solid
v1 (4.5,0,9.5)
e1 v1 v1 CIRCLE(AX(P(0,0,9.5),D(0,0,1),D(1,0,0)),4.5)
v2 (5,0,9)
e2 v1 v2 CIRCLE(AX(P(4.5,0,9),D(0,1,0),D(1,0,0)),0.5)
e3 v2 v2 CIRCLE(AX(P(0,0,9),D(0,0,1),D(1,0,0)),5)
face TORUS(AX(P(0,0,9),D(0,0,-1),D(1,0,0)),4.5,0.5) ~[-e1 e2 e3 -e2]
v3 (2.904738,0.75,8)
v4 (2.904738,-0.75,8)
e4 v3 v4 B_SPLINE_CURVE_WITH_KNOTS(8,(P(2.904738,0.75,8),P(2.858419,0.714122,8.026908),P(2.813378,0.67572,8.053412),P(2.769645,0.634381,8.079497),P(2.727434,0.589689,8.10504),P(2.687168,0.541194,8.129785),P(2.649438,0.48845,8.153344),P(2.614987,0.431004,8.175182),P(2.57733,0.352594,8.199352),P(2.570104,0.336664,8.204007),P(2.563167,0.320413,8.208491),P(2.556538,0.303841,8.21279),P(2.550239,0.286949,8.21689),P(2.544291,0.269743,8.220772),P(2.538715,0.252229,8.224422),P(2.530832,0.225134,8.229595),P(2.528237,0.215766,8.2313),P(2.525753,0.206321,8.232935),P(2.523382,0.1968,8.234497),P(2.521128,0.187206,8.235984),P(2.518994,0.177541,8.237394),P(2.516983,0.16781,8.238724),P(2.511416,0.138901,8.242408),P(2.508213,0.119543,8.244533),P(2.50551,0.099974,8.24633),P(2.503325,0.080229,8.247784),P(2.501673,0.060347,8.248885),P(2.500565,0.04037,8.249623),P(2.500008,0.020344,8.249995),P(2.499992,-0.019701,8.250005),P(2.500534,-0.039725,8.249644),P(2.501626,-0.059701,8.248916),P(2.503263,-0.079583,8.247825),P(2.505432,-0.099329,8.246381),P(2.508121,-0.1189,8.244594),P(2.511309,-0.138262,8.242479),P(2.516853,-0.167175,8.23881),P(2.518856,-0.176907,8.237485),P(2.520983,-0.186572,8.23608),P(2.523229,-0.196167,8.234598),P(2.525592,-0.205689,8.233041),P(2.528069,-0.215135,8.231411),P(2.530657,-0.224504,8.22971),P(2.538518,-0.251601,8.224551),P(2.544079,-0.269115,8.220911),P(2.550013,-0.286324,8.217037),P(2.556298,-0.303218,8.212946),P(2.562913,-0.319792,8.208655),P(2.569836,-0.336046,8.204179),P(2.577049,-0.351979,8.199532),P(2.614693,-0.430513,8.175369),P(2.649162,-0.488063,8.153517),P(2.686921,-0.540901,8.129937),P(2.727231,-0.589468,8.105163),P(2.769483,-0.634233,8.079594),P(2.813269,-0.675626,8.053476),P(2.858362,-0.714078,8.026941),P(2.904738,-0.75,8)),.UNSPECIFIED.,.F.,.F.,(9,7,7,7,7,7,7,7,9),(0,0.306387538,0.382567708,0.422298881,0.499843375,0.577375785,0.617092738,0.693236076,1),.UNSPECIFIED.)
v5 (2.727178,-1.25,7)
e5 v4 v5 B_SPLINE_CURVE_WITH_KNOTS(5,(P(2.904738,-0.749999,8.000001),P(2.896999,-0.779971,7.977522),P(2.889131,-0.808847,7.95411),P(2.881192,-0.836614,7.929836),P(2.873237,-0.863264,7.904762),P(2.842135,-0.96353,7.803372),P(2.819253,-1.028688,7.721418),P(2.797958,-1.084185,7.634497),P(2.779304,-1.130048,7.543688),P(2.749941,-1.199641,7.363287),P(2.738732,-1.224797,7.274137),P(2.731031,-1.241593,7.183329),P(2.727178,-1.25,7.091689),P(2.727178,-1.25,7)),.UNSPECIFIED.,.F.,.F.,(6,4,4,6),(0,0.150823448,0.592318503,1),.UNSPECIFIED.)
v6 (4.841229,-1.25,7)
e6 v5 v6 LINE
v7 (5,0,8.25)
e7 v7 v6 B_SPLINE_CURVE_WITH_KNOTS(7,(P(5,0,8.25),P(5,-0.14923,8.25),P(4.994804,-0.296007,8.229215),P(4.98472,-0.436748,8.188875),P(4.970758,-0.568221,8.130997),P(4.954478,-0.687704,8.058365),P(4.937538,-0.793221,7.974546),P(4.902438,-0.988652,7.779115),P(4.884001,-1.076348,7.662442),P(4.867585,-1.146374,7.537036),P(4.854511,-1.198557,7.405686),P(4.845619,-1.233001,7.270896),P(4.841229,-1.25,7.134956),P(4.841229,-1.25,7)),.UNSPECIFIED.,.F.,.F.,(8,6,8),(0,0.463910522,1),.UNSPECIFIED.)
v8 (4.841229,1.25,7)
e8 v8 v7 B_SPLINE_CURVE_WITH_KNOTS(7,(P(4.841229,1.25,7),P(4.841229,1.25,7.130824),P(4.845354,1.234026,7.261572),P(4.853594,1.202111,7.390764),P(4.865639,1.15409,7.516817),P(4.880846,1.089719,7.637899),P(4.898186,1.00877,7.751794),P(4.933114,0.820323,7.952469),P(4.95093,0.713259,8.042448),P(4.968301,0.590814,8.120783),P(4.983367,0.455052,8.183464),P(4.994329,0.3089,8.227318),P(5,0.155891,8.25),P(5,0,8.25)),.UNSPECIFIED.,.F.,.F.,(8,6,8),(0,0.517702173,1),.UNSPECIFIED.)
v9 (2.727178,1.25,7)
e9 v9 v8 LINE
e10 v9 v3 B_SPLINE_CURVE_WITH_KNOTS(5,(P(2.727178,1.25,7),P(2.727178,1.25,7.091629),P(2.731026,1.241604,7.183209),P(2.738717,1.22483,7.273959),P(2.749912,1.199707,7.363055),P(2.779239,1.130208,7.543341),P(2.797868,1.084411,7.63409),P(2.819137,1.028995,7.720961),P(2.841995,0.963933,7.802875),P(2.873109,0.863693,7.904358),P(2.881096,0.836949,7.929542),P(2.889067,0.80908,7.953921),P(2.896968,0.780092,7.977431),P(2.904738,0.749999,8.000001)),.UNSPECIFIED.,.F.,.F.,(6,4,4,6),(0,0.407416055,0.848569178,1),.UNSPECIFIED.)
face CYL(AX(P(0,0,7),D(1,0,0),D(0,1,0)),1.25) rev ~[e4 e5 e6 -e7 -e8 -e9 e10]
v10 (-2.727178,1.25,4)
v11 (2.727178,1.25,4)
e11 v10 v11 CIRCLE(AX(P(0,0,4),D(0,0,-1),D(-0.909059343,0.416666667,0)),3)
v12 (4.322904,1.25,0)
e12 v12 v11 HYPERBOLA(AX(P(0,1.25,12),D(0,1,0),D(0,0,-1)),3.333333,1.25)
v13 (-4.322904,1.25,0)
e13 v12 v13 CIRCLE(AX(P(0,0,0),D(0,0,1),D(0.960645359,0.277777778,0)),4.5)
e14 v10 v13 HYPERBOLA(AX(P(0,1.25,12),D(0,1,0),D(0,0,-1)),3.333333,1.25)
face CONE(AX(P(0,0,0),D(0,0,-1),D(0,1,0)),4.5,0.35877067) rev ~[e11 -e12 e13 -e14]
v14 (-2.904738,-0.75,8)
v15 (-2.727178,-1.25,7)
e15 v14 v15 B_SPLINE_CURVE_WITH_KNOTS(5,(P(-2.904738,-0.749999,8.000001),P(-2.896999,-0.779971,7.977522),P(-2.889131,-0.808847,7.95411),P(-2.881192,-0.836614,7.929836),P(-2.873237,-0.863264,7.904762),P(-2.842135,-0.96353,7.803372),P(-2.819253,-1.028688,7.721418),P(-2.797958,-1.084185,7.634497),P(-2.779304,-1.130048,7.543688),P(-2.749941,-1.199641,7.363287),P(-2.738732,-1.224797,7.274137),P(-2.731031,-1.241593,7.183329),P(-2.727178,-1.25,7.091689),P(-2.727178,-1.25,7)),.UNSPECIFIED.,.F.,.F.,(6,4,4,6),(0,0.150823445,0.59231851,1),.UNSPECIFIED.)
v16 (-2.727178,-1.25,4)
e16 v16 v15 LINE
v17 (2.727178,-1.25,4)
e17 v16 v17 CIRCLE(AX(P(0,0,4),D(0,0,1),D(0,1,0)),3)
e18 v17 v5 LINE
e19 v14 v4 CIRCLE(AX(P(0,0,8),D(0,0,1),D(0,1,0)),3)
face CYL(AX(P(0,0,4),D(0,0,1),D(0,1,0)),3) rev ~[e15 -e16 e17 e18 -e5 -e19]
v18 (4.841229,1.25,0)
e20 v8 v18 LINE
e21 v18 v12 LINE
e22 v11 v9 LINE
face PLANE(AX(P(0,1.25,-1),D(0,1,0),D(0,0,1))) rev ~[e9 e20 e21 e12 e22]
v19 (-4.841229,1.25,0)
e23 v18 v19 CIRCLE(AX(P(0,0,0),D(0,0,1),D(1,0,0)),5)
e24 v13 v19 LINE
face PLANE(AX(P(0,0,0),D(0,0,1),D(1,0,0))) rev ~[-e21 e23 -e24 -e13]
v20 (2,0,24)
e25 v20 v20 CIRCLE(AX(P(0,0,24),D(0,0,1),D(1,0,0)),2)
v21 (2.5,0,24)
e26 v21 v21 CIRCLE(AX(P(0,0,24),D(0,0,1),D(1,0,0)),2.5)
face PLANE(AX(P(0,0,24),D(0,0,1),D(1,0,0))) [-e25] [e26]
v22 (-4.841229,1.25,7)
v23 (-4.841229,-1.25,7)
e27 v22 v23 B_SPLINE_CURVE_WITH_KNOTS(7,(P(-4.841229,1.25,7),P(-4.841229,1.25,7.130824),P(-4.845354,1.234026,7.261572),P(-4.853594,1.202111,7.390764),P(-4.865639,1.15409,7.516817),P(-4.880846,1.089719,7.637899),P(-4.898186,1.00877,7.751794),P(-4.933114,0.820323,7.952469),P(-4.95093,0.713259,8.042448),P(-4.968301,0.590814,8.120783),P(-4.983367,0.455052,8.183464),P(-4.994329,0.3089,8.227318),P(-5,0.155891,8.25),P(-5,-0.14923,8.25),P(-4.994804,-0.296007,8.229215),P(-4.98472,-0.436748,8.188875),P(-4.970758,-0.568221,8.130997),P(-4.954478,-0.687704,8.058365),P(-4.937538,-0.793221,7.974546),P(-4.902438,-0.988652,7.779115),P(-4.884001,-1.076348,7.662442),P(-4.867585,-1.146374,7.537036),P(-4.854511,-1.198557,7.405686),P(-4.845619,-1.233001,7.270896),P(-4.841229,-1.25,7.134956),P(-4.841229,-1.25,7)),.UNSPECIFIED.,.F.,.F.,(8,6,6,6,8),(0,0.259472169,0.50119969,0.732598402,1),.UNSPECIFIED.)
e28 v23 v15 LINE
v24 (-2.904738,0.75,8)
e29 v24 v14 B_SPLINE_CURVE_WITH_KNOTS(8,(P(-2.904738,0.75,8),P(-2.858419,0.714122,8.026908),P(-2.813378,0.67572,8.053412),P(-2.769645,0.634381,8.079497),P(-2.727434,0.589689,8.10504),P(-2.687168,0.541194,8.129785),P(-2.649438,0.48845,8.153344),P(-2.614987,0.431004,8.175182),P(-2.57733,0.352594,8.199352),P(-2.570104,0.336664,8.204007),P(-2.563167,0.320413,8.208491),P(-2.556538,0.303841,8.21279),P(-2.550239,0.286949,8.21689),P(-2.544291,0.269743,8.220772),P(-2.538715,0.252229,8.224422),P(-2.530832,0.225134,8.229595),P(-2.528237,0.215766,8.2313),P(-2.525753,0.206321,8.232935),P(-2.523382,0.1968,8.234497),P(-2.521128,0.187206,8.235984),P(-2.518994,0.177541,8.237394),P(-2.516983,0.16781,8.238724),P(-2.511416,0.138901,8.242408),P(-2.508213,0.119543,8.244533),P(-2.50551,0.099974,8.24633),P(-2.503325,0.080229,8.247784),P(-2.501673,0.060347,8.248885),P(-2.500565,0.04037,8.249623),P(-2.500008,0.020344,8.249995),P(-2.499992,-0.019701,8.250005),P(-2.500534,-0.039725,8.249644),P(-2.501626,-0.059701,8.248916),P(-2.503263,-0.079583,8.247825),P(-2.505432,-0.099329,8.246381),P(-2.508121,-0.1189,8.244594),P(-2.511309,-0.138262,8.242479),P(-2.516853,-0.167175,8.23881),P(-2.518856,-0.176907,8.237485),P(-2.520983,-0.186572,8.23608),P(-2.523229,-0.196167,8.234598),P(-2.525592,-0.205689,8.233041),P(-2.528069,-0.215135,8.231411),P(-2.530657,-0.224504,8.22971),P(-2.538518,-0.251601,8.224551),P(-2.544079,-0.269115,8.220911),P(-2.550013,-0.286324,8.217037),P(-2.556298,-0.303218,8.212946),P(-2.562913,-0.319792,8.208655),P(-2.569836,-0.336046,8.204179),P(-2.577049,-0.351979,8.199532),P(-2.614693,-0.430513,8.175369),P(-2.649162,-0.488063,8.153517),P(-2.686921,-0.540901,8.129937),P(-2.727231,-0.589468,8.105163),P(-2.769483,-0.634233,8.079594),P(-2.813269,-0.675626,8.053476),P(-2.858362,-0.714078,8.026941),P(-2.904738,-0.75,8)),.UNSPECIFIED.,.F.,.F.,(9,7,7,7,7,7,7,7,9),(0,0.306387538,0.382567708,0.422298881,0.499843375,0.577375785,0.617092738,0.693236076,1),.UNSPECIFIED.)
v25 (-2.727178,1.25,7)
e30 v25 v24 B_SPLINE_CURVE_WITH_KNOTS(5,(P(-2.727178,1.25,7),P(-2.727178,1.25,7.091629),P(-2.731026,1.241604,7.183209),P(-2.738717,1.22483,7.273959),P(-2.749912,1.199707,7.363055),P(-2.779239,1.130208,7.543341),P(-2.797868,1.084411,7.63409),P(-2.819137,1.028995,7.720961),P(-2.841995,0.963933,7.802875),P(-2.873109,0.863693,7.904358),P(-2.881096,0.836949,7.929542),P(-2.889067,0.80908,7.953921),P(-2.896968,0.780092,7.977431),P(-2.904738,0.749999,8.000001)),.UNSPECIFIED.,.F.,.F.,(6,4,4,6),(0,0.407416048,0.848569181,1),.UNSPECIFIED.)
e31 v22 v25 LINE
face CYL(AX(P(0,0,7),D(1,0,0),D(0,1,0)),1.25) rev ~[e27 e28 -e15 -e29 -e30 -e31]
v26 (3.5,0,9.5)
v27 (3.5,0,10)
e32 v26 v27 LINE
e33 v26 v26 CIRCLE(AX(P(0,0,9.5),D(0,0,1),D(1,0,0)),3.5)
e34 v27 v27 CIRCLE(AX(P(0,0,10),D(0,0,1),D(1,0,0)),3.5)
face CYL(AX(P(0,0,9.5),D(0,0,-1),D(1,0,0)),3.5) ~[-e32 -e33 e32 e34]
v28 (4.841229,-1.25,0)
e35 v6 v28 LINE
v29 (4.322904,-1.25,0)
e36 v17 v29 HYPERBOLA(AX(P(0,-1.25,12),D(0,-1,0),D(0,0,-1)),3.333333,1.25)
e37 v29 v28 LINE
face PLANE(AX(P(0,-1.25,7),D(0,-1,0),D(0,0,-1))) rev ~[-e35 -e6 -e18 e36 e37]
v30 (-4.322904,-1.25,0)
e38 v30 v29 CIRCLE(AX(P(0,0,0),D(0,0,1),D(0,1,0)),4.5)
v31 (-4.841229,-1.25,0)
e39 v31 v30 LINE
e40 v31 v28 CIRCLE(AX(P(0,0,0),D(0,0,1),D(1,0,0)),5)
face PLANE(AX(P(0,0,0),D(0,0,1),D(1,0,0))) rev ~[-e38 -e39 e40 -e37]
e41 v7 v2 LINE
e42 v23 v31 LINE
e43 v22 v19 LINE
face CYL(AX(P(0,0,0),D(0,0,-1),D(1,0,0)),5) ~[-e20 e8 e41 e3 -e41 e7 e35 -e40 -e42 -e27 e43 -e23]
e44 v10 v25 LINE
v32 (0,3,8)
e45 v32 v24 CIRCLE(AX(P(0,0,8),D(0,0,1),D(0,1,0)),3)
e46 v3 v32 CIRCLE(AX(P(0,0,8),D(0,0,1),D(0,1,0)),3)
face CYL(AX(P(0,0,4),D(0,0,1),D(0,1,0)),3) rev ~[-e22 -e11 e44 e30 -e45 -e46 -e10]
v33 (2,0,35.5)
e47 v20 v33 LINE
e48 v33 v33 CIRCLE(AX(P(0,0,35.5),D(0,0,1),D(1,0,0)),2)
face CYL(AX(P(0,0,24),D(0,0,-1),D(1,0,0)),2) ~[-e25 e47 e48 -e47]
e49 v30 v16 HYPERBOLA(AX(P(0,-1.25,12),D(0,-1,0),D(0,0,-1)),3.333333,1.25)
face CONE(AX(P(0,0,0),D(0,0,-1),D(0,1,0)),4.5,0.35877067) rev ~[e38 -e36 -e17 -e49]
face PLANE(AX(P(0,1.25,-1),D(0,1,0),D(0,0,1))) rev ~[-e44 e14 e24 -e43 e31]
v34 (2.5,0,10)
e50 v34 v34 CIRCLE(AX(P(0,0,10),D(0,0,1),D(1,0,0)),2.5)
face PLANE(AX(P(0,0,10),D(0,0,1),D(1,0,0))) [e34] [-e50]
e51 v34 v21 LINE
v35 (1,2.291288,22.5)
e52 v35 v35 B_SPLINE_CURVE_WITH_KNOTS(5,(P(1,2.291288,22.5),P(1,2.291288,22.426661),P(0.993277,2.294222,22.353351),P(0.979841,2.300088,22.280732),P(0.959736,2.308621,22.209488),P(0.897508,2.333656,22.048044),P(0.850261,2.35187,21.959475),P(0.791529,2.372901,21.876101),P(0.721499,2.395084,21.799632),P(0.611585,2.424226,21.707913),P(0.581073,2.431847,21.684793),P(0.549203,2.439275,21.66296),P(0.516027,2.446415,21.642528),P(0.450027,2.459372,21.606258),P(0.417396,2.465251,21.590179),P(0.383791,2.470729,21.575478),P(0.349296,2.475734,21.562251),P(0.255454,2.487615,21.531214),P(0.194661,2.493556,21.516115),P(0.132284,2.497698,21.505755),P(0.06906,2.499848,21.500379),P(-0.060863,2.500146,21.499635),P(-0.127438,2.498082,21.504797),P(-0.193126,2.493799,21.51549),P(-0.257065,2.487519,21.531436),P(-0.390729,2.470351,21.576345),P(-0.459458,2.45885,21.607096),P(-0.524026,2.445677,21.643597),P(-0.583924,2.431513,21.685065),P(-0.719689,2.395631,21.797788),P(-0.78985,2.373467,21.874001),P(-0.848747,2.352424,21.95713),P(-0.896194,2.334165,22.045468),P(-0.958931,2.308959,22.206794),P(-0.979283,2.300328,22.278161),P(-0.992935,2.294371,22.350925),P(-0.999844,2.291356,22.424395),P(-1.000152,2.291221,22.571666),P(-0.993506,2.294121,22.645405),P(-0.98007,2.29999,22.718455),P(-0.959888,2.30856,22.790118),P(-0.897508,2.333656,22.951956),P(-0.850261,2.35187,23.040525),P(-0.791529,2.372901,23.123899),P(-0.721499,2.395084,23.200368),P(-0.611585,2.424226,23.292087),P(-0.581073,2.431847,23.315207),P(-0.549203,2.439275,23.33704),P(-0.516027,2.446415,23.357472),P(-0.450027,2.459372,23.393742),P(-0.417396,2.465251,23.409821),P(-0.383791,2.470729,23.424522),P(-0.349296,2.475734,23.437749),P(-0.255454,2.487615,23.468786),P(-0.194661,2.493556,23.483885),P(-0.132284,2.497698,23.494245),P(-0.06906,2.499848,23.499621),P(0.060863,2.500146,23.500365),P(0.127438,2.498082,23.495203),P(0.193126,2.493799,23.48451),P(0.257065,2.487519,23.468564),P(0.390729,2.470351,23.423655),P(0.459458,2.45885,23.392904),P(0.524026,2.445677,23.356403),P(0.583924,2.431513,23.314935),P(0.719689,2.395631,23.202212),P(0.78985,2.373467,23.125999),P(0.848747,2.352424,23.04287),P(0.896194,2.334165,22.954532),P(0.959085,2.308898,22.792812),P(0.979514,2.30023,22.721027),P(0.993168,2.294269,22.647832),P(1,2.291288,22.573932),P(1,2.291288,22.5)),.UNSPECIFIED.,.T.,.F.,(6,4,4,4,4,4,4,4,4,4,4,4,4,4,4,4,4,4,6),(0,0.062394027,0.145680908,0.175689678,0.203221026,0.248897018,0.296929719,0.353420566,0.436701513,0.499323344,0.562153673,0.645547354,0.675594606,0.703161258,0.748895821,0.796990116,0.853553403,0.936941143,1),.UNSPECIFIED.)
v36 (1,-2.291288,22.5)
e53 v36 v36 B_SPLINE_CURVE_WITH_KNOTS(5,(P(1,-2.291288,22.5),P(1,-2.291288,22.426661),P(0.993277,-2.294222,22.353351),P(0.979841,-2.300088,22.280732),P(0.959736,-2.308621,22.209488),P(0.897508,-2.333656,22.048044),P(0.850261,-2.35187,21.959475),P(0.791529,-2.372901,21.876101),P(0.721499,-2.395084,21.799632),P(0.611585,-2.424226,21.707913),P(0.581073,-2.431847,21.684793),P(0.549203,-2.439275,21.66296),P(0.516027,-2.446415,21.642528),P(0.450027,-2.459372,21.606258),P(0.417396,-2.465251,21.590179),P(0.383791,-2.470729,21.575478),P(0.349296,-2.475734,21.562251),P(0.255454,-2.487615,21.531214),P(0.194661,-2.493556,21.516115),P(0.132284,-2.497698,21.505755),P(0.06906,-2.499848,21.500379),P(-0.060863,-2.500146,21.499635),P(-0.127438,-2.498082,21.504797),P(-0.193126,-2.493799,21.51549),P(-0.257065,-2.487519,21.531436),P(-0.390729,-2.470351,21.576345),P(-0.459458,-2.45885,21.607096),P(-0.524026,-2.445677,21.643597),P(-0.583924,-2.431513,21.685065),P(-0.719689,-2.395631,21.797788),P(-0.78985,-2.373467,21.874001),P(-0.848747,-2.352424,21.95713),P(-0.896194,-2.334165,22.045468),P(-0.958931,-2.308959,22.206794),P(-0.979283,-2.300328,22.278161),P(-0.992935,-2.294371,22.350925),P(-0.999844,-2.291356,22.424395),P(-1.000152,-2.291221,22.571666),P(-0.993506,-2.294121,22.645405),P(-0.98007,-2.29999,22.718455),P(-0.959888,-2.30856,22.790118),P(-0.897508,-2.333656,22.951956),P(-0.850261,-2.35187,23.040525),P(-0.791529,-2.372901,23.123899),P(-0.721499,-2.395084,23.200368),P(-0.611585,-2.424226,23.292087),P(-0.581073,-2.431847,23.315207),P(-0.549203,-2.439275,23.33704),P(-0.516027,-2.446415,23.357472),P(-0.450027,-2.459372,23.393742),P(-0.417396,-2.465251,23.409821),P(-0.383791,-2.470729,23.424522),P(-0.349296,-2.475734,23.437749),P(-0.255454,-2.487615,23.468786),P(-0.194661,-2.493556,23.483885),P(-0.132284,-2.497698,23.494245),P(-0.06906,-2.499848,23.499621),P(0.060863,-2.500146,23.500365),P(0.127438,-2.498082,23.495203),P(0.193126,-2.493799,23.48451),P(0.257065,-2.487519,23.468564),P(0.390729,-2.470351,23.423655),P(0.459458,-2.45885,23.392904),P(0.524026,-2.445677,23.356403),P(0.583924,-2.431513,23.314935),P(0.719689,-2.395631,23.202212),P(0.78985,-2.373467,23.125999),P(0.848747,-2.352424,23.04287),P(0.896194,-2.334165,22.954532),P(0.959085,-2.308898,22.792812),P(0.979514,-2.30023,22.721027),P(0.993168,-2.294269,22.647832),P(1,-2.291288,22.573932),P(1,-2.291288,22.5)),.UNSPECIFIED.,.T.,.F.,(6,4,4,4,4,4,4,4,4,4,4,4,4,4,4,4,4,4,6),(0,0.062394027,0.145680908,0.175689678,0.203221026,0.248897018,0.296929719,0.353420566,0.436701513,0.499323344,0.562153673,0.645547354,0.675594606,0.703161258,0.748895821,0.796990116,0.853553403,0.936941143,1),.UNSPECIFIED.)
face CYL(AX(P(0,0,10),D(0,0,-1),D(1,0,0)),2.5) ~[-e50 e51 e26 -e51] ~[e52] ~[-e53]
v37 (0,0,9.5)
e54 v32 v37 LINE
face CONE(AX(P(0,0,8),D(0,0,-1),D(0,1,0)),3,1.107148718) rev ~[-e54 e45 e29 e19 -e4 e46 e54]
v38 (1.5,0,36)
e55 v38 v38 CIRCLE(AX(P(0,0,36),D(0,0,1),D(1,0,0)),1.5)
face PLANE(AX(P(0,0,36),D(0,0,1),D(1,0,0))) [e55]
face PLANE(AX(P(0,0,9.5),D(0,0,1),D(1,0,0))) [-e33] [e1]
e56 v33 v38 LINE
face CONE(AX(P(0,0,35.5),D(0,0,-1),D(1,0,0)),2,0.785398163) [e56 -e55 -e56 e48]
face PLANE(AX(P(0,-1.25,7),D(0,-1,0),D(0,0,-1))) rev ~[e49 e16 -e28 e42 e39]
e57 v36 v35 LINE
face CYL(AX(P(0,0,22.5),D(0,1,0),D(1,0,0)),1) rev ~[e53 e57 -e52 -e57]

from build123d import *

# Parameters (mm, degrees)
ESQUISSE1_R             = 5
BASE_EXTRUSION_DEPTH    = 9.5
ESQUISSE2_R             = 3.5
BOSS_EXTRU_1_DEPTH      = 0.5
ESQUISSE3_R             = 2.5
BOSS_EXTRU_2_DEPTH      = 14
ESQUISSE4_R             = 2
BOSS_EXTRU_3_DEPTH      = 12
CHANFREIN1_SIZE         = 0.5
CONG_1_R                = 0.5
ENL_V_MAT_EXTRU_1_DEPTH = 16
ESQUISSE9_R             = 1
ENL_V_MAT_EXTRU_2_DEPTH = 10


with BuildPart() as part:
    # Esquisse1 → Base-Extrusion (new body)
    with BuildSketch(Plane.XY):
        Circle(ESQUISSE1_R)
    extrude(amount=BASE_EXTRUSION_DEPTH)

    # Esquisse2 → Boss.-Extru.1 (add)
    with BuildSketch(Plane.XY.offset(9.5)):
        Circle(ESQUISSE2_R)
    extrude(amount=BOSS_EXTRU_1_DEPTH)

    # Esquisse3 → Boss.-Extru.2 (add)
    with BuildSketch(Plane.XY.offset(10)):
        Circle(ESQUISSE3_R)
    extrude(amount=BOSS_EXTRU_2_DEPTH)

    # Esquisse4 → Boss.-Extru.3 (add)
    with BuildSketch(Plane.XY.offset(24)):
        Circle(ESQUISSE4_R)
    extrude(amount=BOSS_EXTRU_3_DEPTH)

    # Chanfrein1
    chanfrein1_edges = [part.edges().sort_by_distance(p)[0] for p in [
        (-2, 0, 36),
    ]]
    chamfer(chanfrein1_edges, length=CHANFREIN1_SIZE)

    # Congé1
    cong_1_edges = [part.edges().sort_by_distance(p)[0] for p in [
        (-5, 0, 9.5),
    ]]
    fillet(cong_1_edges, radius=CONG_1_R)

    # Esquisse7 → Enlèv. mat.-Extru.1 (cut, symmetric)
    with BuildSketch(Plane(origin=(0, 0, 0), x_dir=(0, 0, -1), z_dir=(1, 0, 0))):
        with BuildLine():
            Line((1, 1.25), (-7, 1.25))
            ThreePointArc((-7, 1.25), (-8.25, 0), (-7, -1.25))
            Line((-7, -1.25), (1, -1.25))
            Line((1, -1.25), (1, 1.25))
        make_face()
    extrude(amount=ENL_V_MAT_EXTRU_1_DEPTH, both=True, mode=Mode.SUBTRACT)

    # Esquisse8 → Enlèvement de matière-Révolution1 (revolve, cut)
    with BuildSketch(Plane(origin=(0, 0, 0), x_dir=(0, 0, -1), z_dir=(1, 0, 0))):
        Polygon((0, 4.5), (-4, 3), (-8, 3), (-9.5, 0), (0, 0), align=None)
    revolve(axis=Axis((0, 0, 0), (0, 0, 1)), mode=Mode.SUBTRACT)

    # Esquisse9 → Enlèv. mat.-Extru.2 (cut, symmetric)
    with BuildSketch(Plane(origin=(0, 0, 0), x_dir=(1, 0, 0), z_dir=(0, 1, 0))):
        with Locations((0, -22.5)):
            Circle(ESQUISSE9_R)
    extrude(amount=ENL_V_MAT_EXTRU_2_DEPTH, both=True, mode=Mode.SUBTRACT)


solid = part.part
